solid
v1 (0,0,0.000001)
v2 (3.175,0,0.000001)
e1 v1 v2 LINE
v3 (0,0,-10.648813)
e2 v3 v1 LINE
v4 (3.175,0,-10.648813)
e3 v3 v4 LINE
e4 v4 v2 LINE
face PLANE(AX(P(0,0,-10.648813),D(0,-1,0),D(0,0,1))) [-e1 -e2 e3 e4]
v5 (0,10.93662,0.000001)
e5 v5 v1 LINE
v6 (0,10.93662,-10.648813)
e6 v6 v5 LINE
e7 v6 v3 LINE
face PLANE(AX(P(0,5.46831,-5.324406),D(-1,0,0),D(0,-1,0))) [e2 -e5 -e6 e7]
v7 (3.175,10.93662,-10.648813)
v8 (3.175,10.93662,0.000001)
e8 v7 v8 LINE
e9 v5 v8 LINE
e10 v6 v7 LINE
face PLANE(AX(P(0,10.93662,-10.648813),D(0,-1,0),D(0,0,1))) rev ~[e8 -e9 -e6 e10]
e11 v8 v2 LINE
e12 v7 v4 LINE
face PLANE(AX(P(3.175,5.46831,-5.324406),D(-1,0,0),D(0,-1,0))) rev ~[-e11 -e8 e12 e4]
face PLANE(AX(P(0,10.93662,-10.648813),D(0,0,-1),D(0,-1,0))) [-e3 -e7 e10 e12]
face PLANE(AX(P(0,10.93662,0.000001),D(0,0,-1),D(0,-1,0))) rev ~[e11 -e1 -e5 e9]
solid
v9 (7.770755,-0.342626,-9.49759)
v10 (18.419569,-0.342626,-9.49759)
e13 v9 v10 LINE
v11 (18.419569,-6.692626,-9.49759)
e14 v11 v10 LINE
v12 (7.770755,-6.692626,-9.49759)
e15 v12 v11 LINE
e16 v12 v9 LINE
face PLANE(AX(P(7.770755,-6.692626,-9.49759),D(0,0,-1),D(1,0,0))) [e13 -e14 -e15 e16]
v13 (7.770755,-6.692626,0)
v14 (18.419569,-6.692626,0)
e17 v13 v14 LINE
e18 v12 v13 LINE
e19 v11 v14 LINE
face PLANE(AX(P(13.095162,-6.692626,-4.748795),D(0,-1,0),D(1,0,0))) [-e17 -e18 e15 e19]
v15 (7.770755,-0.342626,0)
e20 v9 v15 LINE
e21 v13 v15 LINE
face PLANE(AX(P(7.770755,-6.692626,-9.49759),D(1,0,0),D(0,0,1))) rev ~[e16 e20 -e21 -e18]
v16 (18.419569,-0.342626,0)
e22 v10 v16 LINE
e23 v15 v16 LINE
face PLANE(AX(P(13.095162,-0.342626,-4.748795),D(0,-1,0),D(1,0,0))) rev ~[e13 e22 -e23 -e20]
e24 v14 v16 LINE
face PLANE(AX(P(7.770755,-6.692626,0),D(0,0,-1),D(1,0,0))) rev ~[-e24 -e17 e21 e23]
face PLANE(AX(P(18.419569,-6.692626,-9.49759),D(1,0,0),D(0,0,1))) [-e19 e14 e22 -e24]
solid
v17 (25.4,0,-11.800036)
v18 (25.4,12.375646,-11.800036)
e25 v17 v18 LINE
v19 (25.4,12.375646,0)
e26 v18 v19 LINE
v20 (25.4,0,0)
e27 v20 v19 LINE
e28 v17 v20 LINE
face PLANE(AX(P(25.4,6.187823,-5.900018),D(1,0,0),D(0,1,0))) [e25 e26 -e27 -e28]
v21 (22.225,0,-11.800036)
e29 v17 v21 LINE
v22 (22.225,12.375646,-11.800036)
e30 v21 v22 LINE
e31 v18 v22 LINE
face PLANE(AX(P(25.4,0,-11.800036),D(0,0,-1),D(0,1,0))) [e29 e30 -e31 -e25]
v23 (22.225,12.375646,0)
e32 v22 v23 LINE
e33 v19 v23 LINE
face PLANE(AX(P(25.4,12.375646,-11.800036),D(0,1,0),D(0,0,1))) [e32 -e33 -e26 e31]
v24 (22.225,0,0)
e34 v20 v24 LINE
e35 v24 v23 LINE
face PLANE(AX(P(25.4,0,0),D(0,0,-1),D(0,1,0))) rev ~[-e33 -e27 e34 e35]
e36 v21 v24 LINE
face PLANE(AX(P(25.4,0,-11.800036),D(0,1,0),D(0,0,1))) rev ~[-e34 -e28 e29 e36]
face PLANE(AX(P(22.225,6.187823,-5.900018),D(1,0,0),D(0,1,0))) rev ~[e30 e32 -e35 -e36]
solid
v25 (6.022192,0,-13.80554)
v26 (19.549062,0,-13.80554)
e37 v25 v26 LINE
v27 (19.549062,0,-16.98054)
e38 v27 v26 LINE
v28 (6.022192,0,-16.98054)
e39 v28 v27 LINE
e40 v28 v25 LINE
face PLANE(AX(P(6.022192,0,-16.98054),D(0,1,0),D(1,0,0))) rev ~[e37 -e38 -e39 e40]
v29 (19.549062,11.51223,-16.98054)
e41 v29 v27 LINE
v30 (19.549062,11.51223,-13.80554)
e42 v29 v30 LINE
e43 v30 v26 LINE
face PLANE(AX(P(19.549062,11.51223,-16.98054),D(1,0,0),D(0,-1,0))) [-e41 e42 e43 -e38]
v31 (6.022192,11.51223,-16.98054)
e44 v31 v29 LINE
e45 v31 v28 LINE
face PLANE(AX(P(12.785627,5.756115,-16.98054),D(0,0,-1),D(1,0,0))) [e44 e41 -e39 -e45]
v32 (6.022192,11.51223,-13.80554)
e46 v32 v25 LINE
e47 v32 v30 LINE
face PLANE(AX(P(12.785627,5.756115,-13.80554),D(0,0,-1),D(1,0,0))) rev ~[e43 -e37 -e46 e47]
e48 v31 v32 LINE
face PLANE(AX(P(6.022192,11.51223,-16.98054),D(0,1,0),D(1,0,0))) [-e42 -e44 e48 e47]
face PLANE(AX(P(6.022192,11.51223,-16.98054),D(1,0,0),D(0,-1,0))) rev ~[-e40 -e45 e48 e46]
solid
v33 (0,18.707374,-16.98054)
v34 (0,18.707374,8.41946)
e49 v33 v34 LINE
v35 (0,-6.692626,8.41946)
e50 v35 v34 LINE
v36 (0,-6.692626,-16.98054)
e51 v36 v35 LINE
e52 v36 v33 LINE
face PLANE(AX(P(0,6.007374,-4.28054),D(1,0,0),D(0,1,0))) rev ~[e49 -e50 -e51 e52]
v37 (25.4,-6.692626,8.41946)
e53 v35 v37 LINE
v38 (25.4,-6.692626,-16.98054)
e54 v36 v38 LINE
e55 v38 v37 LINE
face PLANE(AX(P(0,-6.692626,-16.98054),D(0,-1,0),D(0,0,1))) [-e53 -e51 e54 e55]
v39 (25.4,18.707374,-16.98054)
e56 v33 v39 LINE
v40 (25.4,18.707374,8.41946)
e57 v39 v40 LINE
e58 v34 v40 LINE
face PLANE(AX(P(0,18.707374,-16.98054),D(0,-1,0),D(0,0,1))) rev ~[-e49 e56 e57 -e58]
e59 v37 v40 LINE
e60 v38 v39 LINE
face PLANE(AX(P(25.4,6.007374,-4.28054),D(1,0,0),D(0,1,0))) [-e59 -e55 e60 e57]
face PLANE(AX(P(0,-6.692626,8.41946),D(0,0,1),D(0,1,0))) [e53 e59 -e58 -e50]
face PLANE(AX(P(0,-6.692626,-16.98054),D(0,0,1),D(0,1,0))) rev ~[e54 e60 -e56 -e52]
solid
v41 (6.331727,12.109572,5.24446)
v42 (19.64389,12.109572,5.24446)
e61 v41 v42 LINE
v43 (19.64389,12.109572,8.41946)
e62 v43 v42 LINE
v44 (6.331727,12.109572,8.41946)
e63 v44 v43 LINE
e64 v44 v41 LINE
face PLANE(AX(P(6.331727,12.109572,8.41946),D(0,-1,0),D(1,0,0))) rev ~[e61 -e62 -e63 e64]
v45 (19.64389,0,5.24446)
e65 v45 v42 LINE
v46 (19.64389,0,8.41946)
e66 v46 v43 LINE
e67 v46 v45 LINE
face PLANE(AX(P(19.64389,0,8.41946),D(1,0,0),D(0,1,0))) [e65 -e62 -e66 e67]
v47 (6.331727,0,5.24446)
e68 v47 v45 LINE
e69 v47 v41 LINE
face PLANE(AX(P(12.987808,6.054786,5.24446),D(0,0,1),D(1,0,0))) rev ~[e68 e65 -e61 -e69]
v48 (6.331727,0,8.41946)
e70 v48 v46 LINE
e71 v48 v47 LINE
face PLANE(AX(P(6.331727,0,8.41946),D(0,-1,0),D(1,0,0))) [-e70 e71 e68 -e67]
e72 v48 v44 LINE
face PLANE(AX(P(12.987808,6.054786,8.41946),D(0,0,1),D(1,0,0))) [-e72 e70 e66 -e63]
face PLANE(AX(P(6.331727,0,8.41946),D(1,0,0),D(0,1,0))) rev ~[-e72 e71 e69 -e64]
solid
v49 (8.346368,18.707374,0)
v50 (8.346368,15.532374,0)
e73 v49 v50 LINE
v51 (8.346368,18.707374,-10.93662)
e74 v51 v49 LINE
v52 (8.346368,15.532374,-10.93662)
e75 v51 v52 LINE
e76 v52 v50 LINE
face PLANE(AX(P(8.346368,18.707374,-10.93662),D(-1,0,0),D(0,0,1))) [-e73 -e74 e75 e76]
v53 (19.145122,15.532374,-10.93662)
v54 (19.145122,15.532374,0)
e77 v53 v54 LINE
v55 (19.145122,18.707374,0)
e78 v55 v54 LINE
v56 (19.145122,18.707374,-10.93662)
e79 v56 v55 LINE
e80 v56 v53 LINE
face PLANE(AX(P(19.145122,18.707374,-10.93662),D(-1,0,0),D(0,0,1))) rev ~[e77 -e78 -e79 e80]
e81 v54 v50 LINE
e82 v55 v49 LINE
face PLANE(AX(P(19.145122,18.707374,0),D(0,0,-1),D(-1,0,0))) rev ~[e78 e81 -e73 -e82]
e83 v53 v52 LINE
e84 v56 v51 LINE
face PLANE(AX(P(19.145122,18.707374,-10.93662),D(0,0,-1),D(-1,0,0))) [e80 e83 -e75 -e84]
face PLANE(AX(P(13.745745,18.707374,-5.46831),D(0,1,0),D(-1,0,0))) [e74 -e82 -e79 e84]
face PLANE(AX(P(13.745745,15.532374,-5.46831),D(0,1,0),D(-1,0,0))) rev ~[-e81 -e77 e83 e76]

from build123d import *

# Parameters (mm, degrees)
F0_W      = 25.4
F0_H      = 25.4
F1_DEPTH  = 25.4
F2_W      = 10.648813
F2_H      = 9.49759
F3_DEPTH  = 6.35
F5_W      = 12.375646
F5_H      = 11.800036
F6_DEPTH  = 3.175
F7_W      = 10.798754
F7_H      = 10.936619
F8_DEPTH  = 3.175
F4_W      = 10.936619
F4_H      = 10.648813
F9_DEPTH  = 3.175
F10_W     = 13.52687
F10_H     = 11.512231
F11_DEPTH = 3.175
F12_W     = 13.312163
F12_H     = 12.109572
F13_DEPTH = 3.175


with BuildPart() as f1:
    # F0 (on Right) → F1 (new body)
    with BuildSketch(Plane.YZ):
        with Locations((6.007374, -4.28054)):
            Rectangle(F0_W, F0_H)
    extrude(amount=F1_DEPTH)


with BuildPart() as f3:
    # F2 (on face) → F3 (new body)
    with BuildSketch(Plane.XZ.offset(6.692626)):
        with Locations((13.095162, -4.748795)):
            Rectangle(F2_W, F2_H)
    extrude(amount=-F3_DEPTH)


with BuildPart() as f6:
    # F5 (on face) → F6 (new body)
    with BuildSketch(Plane.YZ.offset(25.4)):
        with Locations((6.187823, -5.900018)):
            Rectangle(F5_W, F5_H)
    extrude(amount=-F6_DEPTH)


with BuildPart() as f8:
    # F7 (on face) → F8 (new body)
    with BuildSketch(Plane(origin=(0, 18.707374, 0), x_dir=(-1, 0, 0), z_dir=(0, 1, 0))):
        with Locations((-13.745745, -5.46831)):
            Rectangle(F7_W, F7_H)
    extrude(amount=-F8_DEPTH)


with BuildPart() as f9:
    # F4 (on face) → F9 (new body)
    with BuildSketch(Plane(origin=(0, 0, 0), x_dir=(0, -1, 0), z_dir=(-1, 0, 0))):
        with Locations((-5.46831, -5.324406)):
            Rectangle(F4_W, F4_H)
    extrude(amount=-F9_DEPTH)


with BuildPart() as f11:
    # F10 (on face) → F11 (new body)
    with BuildSketch(Plane(origin=(0, 0, -16.98054), x_dir=(1, 0, 0), z_dir=(0, 0, -1))):
        with Locations((12.785627, -5.756115)):
            Rectangle(F10_W, F10_H)
    extrude(amount=-F11_DEPTH)


with BuildPart() as f13:
    # F12 (on face) → F13 (new body)
    with BuildSketch(Plane.XY.offset(8.41946)):
        with Locations((12.987808, 6.054786)):
            Rectangle(F12_W, F12_H)
    extrude(amount=-F13_DEPTH)


solid = Compound([f1.part, f3.part, f6.part, f8.part, f9.part, f11.part, f13.part])
